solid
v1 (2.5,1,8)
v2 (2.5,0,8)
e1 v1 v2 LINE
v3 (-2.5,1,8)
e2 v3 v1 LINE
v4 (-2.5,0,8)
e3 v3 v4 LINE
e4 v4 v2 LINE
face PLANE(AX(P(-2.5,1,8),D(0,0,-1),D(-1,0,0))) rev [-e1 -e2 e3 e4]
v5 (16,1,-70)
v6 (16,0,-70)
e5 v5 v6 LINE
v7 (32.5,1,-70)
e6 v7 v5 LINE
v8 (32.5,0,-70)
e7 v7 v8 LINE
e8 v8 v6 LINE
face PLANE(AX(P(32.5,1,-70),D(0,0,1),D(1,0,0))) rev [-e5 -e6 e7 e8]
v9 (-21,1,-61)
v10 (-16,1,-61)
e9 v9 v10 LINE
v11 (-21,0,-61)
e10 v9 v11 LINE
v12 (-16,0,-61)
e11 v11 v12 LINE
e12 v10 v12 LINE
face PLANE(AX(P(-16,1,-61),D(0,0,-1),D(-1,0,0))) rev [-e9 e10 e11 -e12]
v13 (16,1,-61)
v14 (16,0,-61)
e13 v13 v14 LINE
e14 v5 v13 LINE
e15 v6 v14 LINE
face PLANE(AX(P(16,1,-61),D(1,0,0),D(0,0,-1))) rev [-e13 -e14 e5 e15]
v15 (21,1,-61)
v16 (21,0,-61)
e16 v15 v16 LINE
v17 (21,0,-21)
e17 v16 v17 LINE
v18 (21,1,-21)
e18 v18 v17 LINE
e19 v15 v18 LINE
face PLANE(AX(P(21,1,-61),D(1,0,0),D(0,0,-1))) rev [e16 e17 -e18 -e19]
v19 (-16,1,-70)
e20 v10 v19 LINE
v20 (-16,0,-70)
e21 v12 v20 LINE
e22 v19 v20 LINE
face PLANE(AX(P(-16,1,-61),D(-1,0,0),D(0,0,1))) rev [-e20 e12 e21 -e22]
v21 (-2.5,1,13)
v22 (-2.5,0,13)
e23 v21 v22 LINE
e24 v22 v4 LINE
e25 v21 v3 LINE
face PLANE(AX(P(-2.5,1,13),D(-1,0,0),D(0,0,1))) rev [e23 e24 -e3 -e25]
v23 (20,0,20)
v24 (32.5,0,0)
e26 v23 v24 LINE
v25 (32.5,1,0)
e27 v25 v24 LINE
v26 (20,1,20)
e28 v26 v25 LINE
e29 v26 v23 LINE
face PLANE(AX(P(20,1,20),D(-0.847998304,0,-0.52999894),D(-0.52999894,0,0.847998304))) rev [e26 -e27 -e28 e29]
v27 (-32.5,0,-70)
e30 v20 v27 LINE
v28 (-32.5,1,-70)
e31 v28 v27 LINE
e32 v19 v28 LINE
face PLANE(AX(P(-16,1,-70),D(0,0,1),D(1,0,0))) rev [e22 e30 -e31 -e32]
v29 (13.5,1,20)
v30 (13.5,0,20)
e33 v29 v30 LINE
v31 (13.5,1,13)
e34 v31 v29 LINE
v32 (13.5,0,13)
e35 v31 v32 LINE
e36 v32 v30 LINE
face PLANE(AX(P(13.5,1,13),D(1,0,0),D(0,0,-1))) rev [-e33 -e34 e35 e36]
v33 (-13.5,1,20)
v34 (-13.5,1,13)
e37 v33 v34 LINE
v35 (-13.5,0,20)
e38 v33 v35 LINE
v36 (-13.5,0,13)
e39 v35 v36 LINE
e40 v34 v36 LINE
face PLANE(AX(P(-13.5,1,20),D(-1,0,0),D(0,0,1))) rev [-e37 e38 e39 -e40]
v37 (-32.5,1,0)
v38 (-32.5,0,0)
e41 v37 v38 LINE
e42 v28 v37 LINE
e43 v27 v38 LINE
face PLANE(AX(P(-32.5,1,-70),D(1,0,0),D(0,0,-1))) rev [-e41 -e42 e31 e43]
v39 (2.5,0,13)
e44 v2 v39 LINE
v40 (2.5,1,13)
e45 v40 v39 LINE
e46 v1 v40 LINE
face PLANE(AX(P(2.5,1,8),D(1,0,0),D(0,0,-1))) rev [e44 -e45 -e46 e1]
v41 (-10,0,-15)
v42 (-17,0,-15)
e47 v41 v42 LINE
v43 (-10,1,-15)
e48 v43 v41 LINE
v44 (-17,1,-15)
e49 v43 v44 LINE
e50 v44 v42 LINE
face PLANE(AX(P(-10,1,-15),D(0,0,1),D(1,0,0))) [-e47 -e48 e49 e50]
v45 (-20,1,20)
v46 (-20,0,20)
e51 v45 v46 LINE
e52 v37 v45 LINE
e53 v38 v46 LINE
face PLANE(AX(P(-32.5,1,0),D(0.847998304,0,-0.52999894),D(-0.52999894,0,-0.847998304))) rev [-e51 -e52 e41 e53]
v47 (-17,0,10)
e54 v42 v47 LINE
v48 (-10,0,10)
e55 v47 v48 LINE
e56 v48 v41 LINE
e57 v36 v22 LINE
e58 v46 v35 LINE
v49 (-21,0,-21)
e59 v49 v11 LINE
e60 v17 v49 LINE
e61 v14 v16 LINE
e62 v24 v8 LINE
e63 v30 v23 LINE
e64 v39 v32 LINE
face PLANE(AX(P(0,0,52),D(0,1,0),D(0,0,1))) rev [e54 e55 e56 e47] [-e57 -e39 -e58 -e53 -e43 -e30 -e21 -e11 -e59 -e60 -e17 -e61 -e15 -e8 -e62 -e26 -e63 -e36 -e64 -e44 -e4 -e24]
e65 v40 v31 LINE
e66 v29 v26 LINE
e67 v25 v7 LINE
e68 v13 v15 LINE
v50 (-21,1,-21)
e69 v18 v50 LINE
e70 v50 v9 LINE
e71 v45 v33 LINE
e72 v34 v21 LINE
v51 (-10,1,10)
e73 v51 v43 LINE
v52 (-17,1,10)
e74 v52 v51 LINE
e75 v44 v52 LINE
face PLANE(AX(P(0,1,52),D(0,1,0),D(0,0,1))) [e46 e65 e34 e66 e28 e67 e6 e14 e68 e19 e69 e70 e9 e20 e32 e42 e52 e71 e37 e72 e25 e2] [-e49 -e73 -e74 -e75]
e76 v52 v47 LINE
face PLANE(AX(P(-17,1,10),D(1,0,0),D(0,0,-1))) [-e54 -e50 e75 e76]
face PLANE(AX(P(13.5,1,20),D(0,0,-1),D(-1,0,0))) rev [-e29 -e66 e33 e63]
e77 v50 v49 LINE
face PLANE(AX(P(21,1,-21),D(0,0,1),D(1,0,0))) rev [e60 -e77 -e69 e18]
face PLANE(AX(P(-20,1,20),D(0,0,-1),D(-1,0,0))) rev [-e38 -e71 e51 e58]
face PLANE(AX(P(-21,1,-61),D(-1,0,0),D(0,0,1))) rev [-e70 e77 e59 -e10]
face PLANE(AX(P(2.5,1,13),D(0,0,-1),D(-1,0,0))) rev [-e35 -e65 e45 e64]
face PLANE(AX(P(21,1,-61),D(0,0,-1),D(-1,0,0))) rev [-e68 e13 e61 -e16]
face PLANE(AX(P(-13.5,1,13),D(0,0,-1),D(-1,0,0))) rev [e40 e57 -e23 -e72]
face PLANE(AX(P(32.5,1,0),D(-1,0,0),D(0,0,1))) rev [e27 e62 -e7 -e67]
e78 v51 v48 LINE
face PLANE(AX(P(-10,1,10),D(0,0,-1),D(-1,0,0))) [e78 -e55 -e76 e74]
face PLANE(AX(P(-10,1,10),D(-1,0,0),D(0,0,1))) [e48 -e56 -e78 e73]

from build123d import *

# Parameters (mm, degrees)
SKETCH1_W      = 7
SKETCH1_H      = 25
EXTRUDE1_DEPTH = 1


with BuildPart() as part:
    # Sketch1 → Extrude1 (new body)
    with BuildSketch(Plane(origin=(0, 0, 0), x_dir=(1, 0, 0), z_dir=(0, 1, 0))):
        Polygon((-20, -20), (-13.5, -20), (-13.5, -13), (-2.5, -13), (-2.5, -8), (2.5, -8), (2.5, -13), (13.5, -13), (13.5, -20), (20, -20), (32.5, 0), (32.5, 70), (16, 70), (16, 61), (21, 61), (21, 21), (-21, 21), (-21, 61), (-16, 61), (-16, 70), (-32.5, 70), (-32.5, 0), align=None)
        with Locations((-13.5, 2.5)):
            Rectangle(SKETCH1_W, SKETCH1_H, mode=Mode.SUBTRACT)
    extrude(amount=EXTRUDE1_DEPTH)


solid = part.part
